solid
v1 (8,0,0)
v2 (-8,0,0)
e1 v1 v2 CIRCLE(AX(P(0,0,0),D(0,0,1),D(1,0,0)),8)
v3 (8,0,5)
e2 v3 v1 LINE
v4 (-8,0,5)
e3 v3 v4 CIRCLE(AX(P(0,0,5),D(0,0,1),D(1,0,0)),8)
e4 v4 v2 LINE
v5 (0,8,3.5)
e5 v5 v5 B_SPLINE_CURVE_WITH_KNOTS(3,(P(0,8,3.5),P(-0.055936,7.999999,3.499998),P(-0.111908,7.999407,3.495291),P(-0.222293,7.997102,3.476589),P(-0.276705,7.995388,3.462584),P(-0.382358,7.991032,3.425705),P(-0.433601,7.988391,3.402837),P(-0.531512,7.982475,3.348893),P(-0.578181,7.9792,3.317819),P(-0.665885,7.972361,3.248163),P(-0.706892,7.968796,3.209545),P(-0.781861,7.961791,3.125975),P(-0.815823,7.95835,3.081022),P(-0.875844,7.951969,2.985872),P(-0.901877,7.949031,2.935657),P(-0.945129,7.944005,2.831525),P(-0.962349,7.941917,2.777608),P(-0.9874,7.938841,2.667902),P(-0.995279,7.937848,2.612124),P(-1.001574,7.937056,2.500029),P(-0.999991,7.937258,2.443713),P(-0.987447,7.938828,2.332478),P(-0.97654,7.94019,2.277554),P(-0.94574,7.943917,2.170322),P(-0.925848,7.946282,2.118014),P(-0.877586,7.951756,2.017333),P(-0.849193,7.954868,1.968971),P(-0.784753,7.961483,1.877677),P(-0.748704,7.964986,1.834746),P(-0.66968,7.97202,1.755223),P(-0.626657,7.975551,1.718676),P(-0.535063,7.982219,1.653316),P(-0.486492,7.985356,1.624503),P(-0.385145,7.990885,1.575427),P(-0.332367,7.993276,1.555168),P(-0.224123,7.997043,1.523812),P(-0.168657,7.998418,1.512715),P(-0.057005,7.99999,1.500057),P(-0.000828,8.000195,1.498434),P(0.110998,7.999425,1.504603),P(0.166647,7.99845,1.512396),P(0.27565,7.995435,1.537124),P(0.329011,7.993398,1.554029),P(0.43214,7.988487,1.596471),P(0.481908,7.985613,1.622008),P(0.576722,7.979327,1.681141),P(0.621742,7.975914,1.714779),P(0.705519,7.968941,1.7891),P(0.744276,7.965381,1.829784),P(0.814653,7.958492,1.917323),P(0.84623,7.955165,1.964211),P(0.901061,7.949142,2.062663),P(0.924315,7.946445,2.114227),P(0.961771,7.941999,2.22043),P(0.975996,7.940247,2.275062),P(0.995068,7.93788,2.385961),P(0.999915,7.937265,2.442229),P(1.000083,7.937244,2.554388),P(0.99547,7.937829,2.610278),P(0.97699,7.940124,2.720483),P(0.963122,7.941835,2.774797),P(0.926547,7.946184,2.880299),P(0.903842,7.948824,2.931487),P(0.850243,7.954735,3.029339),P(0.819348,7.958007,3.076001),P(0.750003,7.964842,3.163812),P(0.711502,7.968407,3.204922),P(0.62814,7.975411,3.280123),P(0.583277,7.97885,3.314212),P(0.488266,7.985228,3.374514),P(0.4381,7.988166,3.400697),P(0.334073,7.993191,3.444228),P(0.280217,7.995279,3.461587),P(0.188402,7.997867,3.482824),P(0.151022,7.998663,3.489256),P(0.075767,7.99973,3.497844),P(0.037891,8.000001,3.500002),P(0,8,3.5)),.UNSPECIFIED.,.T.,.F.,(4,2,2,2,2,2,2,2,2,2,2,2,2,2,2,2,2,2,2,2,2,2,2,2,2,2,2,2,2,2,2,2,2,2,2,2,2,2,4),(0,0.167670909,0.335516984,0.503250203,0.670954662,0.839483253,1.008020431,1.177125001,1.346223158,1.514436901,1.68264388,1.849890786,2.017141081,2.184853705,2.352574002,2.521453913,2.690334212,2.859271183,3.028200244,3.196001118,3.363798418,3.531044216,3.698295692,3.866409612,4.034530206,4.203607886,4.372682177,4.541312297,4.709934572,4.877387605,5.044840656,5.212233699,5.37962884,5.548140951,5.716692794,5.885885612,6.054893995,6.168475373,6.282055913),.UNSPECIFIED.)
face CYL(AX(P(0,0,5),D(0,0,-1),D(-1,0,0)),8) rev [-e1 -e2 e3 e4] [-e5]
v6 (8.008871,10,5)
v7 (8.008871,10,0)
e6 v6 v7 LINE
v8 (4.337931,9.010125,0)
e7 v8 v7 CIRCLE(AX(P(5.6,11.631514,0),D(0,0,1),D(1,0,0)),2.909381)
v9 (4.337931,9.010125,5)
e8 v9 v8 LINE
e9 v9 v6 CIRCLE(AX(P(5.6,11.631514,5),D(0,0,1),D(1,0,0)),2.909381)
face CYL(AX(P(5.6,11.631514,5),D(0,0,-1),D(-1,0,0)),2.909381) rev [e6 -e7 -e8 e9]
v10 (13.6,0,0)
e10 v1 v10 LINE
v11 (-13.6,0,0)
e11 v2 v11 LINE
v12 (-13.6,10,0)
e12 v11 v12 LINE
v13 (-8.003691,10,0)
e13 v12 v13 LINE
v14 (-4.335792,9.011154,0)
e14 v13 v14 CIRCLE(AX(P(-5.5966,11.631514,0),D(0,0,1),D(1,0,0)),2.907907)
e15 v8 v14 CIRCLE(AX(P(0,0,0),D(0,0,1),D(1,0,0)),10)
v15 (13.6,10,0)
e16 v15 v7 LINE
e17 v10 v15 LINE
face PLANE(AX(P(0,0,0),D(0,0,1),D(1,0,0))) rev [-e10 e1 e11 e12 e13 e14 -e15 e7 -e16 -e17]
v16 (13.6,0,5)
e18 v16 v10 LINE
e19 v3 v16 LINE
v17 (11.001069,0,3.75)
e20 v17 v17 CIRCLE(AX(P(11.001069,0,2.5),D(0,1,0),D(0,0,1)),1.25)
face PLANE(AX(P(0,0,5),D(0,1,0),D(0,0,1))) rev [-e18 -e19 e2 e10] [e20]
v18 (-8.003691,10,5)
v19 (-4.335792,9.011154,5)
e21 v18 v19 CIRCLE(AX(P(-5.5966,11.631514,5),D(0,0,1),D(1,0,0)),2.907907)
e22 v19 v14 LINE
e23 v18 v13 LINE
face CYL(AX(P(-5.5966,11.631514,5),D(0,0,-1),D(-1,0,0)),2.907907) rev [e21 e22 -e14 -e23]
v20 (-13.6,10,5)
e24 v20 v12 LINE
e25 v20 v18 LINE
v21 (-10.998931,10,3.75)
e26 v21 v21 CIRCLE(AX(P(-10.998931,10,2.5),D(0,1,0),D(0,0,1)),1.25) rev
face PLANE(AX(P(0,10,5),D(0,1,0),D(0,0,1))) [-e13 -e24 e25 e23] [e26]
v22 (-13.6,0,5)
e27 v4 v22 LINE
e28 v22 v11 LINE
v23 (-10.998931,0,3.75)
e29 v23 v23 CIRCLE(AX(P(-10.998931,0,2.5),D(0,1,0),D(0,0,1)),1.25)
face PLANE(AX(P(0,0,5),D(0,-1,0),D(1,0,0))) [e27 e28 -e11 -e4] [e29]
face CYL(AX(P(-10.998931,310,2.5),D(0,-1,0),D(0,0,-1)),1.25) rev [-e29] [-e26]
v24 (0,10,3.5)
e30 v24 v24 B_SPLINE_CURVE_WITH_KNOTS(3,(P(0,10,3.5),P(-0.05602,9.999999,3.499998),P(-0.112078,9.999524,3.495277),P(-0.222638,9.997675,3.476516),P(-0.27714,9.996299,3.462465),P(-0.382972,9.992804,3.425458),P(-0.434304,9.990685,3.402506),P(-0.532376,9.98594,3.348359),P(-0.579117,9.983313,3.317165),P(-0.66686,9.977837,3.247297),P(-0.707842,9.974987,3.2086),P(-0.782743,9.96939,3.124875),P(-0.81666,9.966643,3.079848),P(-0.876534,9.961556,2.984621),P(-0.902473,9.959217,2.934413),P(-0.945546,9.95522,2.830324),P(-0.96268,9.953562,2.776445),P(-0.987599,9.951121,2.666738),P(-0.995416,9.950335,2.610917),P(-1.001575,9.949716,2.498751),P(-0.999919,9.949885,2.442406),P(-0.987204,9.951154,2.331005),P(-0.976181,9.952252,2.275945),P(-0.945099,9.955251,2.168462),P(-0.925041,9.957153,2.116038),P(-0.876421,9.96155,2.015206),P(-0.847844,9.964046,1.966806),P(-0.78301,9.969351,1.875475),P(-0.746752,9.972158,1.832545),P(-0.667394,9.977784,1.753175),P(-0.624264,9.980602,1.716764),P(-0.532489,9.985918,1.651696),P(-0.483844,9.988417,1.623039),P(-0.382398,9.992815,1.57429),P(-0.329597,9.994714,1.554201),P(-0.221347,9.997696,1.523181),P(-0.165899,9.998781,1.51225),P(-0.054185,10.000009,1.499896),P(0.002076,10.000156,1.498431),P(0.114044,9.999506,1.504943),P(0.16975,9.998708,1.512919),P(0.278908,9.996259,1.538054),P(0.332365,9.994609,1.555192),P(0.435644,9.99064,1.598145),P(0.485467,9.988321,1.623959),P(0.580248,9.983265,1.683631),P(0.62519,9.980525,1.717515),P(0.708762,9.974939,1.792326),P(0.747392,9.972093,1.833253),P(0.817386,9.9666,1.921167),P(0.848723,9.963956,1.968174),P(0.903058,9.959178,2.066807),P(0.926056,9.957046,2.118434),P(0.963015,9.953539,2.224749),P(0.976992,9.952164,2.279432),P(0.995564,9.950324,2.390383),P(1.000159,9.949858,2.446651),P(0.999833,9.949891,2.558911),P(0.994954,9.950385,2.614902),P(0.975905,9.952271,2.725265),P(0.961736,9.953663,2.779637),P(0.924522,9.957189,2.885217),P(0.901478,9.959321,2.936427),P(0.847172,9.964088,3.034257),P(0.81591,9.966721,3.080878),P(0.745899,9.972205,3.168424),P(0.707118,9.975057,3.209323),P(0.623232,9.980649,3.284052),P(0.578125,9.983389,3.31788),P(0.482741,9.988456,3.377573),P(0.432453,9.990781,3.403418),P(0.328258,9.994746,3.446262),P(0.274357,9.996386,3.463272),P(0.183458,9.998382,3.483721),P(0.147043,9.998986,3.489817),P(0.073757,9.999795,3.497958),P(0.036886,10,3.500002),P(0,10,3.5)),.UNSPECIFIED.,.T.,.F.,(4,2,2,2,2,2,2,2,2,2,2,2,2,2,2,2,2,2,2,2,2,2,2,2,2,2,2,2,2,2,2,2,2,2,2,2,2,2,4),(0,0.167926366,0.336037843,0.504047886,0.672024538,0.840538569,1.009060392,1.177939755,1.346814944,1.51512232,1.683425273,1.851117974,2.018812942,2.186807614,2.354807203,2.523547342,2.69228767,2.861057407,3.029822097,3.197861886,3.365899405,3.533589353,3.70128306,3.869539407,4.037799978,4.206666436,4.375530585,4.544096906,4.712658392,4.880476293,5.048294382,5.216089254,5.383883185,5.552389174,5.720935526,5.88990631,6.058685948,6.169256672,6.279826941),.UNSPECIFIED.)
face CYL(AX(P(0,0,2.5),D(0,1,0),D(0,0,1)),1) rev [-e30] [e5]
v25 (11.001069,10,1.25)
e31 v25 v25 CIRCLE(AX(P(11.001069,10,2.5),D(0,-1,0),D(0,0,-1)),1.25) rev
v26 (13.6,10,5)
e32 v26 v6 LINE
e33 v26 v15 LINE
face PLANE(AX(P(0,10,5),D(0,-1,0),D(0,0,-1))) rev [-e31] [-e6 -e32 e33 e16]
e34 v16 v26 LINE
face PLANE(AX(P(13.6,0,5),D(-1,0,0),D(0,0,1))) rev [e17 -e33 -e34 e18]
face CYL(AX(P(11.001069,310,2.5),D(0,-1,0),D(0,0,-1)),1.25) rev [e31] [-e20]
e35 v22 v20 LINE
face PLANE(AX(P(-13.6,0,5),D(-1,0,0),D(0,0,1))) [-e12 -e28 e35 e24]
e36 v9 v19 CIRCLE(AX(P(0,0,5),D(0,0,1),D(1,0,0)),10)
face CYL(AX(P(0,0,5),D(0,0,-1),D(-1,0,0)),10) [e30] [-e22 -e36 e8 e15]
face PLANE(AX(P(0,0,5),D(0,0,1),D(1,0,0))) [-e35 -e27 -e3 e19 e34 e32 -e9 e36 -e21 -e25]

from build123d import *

# Parameters (mm, degrees)
BOSS_EXTRUDE1_DEPTH     = 5
SKETCH3_R               = 1.25
CUT_EXTRUDE1_DEPTH      = 300
CUT_EXTRUDE1_DEPTH_BACK = 11
SKETCH4_R               = 1
CUT_EXTRUDE2_DEPTH      = 11


with BuildPart() as part:
    # Sketch2 → Boss-Extrude1 (new body)
    with BuildSketch(Plane.XY):
        with BuildLine():
            ThreePointArc((-8, 0), (0, 8), (8, 0))
            Line((8, 0), (13.6, 0))
            Line((13.6, 0), (13.6, 10))
            Line((13.6, 10), (8.008871246, 10))
            ThreePointArc((8.008871246, 10), (6.357463889, 8.822466805), (4.337930538, 9.01012534))
            ThreePointArc((4.337930538, 9.01012534), (0.001186479, 9.99999993), (-4.335792351, 9.011154459))
            ThreePointArc((-4.335792351, 9.011154459), (-6.353531515, 8.82385013), (-8.003690819, 10))
            Line((-8.003690819, 10), (-13.6, 10))
            Line((-13.6, 10), (-13.6, 0))
            Line((-13.6, 0), (-8, 0))
        make_face()
    extrude(amount=BOSS_EXTRUDE1_DEPTH)

    # Sketch3 → Cut-Extrude1 (cut, two sides)
    with BuildSketch(Plane(origin=(0, 10, 0), x_dir=(1, 0, 0), z_dir=(0, 1, 0))) as cut_extrude1_sk:
        with Locations((-10.998930891, -2.5)):
            Circle(SKETCH3_R)
        with Locations((11.001069109, -2.5)):
            Circle(SKETCH3_R)
    extrude(amount=CUT_EXTRUDE1_DEPTH, mode=Mode.SUBTRACT)
    extrude(cut_extrude1_sk.sketch, amount=-CUT_EXTRUDE1_DEPTH_BACK, mode=Mode.SUBTRACT)

    # Sketch4 → Cut-Extrude2 (cut, through all)
    with BuildSketch(Plane(origin=(0, 10, 0), x_dir=(1, 0, 0), z_dir=(0, 1, 0))):
        with Locations((0, -2.5)):
            Circle(SKETCH4_R)
    extrude(amount=-CUT_EXTRUDE2_DEPTH, mode=Mode.SUBTRACT)


solid = part.part
